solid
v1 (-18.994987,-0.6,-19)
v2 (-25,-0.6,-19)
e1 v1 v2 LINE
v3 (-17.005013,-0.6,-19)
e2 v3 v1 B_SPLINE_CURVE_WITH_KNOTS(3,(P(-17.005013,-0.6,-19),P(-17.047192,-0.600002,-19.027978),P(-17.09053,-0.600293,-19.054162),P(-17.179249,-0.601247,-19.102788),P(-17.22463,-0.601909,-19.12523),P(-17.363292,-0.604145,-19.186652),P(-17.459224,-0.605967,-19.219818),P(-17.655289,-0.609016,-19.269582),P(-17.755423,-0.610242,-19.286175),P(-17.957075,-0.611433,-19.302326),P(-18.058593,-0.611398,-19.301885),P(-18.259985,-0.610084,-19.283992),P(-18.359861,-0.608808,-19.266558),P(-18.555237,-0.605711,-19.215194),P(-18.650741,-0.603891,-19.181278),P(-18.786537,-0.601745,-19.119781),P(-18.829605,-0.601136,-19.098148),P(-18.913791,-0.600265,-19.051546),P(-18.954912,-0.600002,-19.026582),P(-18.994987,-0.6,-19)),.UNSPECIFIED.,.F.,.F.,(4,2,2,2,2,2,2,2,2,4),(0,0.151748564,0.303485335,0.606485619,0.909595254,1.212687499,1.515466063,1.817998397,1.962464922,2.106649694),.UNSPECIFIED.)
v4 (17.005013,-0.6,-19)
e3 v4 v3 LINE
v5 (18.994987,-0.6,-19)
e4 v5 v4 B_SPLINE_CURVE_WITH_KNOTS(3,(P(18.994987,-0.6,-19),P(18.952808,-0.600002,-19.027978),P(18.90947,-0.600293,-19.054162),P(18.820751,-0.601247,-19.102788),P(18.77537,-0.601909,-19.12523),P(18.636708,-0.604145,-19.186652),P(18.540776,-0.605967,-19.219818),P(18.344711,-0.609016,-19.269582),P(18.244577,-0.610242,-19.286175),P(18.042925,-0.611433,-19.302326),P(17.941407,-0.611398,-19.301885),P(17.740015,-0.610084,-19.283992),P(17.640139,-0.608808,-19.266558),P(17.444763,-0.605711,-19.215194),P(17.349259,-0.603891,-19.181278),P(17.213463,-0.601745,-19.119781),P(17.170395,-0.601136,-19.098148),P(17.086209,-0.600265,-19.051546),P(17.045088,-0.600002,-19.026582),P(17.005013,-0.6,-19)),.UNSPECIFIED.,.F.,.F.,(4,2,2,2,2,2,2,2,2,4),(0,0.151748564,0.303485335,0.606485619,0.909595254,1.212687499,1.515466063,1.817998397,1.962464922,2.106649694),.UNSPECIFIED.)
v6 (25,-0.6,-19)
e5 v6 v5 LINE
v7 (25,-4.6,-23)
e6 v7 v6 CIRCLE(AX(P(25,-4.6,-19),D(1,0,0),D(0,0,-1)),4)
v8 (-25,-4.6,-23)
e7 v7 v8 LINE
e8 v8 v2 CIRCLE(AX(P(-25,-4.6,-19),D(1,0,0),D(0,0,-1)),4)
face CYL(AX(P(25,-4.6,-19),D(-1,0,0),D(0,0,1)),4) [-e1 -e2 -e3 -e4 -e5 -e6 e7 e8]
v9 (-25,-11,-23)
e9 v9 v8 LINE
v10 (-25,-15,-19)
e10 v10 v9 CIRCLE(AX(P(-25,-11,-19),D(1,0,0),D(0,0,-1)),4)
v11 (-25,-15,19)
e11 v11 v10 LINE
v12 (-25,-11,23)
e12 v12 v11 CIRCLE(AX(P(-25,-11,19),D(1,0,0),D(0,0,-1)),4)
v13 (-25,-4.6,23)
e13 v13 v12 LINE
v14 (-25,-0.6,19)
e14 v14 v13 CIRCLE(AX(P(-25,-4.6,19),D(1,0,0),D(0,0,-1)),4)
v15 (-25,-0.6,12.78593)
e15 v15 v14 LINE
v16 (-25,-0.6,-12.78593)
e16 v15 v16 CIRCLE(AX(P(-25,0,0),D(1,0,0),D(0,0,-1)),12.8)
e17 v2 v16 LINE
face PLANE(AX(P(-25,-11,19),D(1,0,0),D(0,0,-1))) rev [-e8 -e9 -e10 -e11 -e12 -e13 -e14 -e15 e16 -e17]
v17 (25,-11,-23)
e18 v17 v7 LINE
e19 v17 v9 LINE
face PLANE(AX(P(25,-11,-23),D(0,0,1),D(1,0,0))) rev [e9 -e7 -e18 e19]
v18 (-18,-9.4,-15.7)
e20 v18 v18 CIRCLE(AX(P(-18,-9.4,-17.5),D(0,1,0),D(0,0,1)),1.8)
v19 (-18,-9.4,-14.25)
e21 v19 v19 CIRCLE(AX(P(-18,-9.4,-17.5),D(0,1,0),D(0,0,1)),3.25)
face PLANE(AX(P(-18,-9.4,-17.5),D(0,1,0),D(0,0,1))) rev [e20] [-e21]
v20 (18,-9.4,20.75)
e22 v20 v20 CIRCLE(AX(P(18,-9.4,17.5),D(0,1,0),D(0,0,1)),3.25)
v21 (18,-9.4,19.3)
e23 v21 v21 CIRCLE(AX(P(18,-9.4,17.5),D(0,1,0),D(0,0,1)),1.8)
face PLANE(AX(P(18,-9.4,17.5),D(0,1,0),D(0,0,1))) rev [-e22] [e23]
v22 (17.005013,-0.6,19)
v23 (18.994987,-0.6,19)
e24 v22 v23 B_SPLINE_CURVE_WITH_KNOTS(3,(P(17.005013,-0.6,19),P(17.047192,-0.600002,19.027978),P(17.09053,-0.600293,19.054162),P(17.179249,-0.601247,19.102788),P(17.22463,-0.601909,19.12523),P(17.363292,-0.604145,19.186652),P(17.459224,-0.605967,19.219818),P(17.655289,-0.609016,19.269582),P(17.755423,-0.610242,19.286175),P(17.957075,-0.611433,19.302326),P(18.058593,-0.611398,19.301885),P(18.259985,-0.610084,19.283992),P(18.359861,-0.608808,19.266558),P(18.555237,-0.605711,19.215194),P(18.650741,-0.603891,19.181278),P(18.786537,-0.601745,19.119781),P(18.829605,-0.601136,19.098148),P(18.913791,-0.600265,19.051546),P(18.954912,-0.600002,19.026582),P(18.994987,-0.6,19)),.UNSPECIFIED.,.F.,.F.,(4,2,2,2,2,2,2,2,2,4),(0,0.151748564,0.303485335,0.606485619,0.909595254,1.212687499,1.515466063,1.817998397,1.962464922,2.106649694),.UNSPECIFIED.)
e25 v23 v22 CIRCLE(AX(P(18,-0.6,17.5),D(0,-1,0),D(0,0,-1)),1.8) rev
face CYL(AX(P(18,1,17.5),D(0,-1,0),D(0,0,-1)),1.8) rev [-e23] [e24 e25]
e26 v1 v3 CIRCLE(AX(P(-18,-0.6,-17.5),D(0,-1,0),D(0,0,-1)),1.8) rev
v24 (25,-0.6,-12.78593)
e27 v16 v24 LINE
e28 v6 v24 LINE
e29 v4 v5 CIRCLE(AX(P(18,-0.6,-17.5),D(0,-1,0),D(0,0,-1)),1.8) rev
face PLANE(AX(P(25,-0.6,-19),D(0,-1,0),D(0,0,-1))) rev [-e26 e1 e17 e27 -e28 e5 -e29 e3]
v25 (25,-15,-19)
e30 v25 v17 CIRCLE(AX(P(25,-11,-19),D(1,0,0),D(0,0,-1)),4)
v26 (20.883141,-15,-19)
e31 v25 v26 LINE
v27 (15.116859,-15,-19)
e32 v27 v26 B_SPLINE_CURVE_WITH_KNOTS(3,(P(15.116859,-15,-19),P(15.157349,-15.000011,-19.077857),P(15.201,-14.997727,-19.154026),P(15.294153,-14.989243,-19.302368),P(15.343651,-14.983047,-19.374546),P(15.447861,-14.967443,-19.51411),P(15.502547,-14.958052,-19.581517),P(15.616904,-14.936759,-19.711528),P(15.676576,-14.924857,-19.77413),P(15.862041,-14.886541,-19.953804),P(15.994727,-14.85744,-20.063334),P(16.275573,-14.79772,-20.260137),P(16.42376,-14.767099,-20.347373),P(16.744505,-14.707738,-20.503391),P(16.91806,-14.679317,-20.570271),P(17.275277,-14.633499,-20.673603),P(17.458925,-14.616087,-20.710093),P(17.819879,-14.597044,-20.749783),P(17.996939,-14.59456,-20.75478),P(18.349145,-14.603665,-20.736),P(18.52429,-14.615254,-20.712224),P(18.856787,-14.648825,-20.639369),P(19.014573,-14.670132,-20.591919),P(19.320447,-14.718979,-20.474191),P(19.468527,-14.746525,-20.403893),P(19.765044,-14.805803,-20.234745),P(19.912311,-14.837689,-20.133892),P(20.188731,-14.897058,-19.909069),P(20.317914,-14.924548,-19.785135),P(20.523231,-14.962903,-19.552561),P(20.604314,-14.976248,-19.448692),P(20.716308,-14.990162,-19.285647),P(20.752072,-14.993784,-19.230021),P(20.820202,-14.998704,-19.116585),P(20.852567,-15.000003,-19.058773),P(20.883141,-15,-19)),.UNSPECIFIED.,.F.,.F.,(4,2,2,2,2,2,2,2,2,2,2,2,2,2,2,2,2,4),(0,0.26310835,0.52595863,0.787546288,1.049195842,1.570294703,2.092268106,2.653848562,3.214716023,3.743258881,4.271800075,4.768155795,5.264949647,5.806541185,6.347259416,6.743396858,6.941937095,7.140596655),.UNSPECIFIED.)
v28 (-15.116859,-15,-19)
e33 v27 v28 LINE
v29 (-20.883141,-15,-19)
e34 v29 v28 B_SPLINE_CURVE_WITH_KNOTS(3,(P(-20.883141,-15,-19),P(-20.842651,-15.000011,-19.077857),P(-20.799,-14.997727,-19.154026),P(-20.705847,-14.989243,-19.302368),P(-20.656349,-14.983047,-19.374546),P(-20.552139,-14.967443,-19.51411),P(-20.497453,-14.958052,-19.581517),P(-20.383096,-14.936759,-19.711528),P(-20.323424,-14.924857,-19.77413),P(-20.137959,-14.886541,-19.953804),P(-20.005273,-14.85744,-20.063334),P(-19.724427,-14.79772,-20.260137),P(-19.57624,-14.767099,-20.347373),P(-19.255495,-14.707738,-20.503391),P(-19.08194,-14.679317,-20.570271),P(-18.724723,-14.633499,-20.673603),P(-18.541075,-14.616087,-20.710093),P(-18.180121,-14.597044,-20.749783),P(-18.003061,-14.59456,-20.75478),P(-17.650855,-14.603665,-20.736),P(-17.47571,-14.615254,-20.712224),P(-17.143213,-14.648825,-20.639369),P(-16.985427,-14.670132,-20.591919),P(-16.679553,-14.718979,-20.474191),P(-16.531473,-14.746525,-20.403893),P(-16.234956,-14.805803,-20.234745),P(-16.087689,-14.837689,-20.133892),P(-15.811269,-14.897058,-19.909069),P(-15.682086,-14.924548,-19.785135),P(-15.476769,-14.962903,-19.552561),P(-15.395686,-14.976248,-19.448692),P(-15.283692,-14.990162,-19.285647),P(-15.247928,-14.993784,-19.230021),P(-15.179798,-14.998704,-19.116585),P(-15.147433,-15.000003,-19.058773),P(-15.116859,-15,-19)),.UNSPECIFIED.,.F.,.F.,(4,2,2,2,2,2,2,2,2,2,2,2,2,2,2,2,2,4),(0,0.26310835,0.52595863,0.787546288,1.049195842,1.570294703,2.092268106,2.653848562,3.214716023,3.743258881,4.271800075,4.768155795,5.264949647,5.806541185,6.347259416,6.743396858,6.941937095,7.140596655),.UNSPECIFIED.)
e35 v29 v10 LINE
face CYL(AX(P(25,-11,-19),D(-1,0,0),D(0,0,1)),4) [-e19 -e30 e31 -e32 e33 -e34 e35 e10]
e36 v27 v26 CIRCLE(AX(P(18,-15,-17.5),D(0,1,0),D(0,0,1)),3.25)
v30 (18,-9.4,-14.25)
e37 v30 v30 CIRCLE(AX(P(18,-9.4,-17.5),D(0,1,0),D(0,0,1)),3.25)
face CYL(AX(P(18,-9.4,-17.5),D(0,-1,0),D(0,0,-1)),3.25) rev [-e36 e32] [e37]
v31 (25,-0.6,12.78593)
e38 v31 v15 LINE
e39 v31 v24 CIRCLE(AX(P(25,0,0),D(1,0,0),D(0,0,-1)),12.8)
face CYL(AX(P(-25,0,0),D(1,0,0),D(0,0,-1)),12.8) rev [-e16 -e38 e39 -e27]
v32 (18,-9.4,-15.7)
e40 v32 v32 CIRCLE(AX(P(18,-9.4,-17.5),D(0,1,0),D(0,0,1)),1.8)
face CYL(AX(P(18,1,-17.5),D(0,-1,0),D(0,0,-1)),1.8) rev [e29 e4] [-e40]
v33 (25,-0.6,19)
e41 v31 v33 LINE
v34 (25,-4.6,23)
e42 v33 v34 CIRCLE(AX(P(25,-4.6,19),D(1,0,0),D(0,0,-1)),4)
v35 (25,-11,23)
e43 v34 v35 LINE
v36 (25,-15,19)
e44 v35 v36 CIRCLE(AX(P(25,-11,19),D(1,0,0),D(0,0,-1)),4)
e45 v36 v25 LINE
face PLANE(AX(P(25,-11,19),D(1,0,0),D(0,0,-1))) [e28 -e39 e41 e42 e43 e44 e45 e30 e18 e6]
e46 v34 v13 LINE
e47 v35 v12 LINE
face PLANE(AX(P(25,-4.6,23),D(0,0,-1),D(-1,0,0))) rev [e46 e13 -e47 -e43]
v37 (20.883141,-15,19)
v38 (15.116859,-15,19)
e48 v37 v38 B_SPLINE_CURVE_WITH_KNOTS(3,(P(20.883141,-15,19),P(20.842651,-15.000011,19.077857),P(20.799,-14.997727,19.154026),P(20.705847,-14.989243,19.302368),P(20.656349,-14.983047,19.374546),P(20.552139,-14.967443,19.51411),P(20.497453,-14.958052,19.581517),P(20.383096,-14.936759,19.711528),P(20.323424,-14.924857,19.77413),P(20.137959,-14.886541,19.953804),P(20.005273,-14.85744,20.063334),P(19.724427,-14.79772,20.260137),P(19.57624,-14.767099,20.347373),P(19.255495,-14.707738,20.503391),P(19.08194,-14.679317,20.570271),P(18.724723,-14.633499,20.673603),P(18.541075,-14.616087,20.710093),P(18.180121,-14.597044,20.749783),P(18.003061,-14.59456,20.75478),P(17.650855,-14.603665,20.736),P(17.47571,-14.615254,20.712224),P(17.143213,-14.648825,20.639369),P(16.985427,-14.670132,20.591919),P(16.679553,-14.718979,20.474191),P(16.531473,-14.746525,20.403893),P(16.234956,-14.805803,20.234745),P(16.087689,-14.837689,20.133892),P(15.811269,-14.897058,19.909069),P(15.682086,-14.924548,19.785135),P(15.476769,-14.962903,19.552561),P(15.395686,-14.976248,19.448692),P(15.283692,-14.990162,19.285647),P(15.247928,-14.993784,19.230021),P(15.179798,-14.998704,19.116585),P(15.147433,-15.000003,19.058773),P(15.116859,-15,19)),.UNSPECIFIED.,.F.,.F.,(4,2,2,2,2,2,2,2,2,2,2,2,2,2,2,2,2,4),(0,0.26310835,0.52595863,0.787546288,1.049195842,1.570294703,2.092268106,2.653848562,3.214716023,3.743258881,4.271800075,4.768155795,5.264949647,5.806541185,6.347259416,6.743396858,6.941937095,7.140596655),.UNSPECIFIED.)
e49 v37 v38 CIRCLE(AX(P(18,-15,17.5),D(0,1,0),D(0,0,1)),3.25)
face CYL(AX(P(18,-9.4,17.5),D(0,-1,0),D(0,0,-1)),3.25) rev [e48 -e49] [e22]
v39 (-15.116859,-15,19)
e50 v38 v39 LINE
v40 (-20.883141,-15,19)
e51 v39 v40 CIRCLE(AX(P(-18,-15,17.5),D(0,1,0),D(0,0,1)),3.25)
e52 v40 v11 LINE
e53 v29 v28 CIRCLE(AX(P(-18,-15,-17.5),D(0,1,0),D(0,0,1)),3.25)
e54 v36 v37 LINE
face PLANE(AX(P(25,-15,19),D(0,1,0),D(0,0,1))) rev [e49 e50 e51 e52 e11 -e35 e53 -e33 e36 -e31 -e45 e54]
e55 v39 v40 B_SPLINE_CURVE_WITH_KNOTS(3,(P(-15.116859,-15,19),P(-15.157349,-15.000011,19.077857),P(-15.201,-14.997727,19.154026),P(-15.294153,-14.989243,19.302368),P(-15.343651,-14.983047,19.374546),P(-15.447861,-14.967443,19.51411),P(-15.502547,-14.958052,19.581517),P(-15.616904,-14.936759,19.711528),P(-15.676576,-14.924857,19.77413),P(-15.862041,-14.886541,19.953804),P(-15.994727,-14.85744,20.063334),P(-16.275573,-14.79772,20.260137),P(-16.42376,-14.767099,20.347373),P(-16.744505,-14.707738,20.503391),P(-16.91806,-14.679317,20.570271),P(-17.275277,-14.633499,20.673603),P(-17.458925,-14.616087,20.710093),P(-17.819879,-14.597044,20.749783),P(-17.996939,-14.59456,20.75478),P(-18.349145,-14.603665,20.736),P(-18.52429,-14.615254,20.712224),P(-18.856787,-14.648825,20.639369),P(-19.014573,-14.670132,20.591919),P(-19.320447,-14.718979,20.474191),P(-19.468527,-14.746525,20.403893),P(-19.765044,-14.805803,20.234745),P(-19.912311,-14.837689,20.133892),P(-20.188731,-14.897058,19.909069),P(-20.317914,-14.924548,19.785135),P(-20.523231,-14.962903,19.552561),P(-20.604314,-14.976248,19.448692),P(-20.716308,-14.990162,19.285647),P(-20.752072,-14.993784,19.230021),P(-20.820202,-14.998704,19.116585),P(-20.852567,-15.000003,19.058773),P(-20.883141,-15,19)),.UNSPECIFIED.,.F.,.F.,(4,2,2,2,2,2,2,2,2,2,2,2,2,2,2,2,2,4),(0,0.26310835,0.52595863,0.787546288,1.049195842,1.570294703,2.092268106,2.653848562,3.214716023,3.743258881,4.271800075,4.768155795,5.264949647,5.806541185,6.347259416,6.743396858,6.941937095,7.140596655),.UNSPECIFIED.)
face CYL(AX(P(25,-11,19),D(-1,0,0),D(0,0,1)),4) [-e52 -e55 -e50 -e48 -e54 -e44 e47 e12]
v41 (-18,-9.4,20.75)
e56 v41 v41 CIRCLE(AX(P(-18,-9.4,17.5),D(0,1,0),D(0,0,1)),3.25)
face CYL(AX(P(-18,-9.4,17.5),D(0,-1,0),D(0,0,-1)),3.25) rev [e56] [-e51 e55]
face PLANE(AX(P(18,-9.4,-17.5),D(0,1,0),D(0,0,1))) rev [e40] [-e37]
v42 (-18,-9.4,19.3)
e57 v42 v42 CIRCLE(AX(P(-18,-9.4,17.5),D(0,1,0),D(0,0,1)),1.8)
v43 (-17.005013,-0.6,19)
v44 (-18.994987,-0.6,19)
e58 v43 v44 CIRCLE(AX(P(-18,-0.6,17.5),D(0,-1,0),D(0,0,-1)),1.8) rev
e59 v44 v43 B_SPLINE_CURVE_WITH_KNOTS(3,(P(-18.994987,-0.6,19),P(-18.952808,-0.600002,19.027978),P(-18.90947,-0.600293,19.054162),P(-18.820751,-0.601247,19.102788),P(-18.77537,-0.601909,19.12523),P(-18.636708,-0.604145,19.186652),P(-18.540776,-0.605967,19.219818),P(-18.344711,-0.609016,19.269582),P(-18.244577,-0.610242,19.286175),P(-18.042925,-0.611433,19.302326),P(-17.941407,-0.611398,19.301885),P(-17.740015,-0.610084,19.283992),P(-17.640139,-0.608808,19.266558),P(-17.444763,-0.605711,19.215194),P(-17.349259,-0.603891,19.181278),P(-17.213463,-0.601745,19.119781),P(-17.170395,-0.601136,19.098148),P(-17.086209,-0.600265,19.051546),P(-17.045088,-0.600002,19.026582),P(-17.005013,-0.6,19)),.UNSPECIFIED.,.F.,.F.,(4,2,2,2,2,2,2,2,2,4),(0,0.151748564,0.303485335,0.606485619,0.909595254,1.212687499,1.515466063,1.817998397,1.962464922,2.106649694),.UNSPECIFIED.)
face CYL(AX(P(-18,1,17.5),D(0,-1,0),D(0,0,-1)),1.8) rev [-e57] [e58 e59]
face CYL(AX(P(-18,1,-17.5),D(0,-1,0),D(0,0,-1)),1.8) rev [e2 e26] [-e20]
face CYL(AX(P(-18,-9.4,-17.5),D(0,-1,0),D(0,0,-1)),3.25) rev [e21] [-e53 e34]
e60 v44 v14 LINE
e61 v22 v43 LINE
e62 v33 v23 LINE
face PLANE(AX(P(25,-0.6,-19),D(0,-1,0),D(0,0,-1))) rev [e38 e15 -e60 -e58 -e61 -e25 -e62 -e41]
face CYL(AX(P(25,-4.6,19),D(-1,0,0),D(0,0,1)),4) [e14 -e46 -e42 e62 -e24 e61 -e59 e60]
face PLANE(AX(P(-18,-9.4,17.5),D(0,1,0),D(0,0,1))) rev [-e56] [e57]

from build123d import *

# Parameters (mm, degrees)
BOSS_EXTRUDE1_DEPTH     = 25
CUT_EXTRUDE1_DEPTH      = 38.134889255
CUT_EXTRUDE1_DEPTH_BACK = 38.134889255
SKETCH2_R               = 12.8
SKETCH3_R               = 1.8
CUT_EXTRUDE2_DEPTH      = 16
SKETCH4_R               = 3.25
CUT_EXTRUDE3_DEPTH      = 5.6


with BuildPart() as part:
    # Sketch1 → Boss-Extrude1 (new, symmetric)
    with BuildSketch(Plane(origin=(0, 0, 0), x_dir=(0, 0, -1), z_dir=(1, 0, 0))):
        with BuildLine():
            Line((-19, -15), (19, -15))
            ThreePointArc((19, -15), (21.828427125, -13.828427125), (23, -11))
            Line((23, -11), (23, -4.6))
            ThreePointArc((23, -4.6), (21.828427125, -1.771572875), (19, -0.6))
            Line((19, -0.6), (-19, -0.6))
            ThreePointArc((-19, -0.6), (-21.828427125, -1.771572875), (-23, -4.6))
            Line((-23, -4.6), (-23, -11))
            ThreePointArc((-23, -11), (-21.828427125, -13.828427125), (-19, -15))
        make_face()
    extrude(amount=BOSS_EXTRUDE1_DEPTH, both=True)

    # Sketch2 → Cut-Extrude1 (cut, two sides: drawn at the far end of the back side and taken through both)
    with BuildSketch(Plane(origin=(0, 0, 0), x_dir=(0, 0, -1), z_dir=(1, 0, 0)).offset(-CUT_EXTRUDE1_DEPTH_BACK)):
        Circle(SKETCH2_R)
    extrude(amount=CUT_EXTRUDE1_DEPTH + CUT_EXTRUDE1_DEPTH_BACK, mode=Mode.SUBTRACT)

    # Sketch3 → Cut-Extrude2 (cut)
    with BuildSketch(Plane(origin=(0, -15, 0), x_dir=(1, 0, 0), z_dir=(0, 1, 0))):
        with Locations(Location((18, -17.5, 0), (0, 0, 236.442690238))):
            Circle(SKETCH3_R)
        with Locations(Location((18, 17.5, 0), (0, 0, 123.557309762))):
            Circle(SKETCH3_R)
        with Locations(Location((-18, -17.5, 0), (0, 0, 236.442690238))):
            Circle(SKETCH3_R)
        with Locations(Location((-18, 17.5, 0), (0, 0, 123.557309762))):
            Circle(SKETCH3_R)
    extrude(amount=CUT_EXTRUDE2_DEPTH, mode=Mode.SUBTRACT)

    # Sketch4 → Cut-Extrude3 (cut)
    with BuildSketch(Plane(origin=(0, -15, 0), x_dir=(1, 0, 0), z_dir=(0, 1, 0))):
        with Locations(Location((18, -17.5, 0), (0, 0, 207.48642625))):
            Circle(SKETCH4_R)
        with Locations(Location((18, 17.5, 0), (0, 0, 27.48642625))):
            Circle(SKETCH4_R)
        with Locations(Location((-18, -17.5, 0), (0, 0, 207.48642625))):
            Circle(SKETCH4_R)
        with Locations(Location((-18, 17.5, 0), (0, 0, 27.48642625))):
            Circle(SKETCH4_R)
    extrude(amount=CUT_EXTRUDE3_DEPTH, mode=Mode.SUBTRACT)


solid = part.part
